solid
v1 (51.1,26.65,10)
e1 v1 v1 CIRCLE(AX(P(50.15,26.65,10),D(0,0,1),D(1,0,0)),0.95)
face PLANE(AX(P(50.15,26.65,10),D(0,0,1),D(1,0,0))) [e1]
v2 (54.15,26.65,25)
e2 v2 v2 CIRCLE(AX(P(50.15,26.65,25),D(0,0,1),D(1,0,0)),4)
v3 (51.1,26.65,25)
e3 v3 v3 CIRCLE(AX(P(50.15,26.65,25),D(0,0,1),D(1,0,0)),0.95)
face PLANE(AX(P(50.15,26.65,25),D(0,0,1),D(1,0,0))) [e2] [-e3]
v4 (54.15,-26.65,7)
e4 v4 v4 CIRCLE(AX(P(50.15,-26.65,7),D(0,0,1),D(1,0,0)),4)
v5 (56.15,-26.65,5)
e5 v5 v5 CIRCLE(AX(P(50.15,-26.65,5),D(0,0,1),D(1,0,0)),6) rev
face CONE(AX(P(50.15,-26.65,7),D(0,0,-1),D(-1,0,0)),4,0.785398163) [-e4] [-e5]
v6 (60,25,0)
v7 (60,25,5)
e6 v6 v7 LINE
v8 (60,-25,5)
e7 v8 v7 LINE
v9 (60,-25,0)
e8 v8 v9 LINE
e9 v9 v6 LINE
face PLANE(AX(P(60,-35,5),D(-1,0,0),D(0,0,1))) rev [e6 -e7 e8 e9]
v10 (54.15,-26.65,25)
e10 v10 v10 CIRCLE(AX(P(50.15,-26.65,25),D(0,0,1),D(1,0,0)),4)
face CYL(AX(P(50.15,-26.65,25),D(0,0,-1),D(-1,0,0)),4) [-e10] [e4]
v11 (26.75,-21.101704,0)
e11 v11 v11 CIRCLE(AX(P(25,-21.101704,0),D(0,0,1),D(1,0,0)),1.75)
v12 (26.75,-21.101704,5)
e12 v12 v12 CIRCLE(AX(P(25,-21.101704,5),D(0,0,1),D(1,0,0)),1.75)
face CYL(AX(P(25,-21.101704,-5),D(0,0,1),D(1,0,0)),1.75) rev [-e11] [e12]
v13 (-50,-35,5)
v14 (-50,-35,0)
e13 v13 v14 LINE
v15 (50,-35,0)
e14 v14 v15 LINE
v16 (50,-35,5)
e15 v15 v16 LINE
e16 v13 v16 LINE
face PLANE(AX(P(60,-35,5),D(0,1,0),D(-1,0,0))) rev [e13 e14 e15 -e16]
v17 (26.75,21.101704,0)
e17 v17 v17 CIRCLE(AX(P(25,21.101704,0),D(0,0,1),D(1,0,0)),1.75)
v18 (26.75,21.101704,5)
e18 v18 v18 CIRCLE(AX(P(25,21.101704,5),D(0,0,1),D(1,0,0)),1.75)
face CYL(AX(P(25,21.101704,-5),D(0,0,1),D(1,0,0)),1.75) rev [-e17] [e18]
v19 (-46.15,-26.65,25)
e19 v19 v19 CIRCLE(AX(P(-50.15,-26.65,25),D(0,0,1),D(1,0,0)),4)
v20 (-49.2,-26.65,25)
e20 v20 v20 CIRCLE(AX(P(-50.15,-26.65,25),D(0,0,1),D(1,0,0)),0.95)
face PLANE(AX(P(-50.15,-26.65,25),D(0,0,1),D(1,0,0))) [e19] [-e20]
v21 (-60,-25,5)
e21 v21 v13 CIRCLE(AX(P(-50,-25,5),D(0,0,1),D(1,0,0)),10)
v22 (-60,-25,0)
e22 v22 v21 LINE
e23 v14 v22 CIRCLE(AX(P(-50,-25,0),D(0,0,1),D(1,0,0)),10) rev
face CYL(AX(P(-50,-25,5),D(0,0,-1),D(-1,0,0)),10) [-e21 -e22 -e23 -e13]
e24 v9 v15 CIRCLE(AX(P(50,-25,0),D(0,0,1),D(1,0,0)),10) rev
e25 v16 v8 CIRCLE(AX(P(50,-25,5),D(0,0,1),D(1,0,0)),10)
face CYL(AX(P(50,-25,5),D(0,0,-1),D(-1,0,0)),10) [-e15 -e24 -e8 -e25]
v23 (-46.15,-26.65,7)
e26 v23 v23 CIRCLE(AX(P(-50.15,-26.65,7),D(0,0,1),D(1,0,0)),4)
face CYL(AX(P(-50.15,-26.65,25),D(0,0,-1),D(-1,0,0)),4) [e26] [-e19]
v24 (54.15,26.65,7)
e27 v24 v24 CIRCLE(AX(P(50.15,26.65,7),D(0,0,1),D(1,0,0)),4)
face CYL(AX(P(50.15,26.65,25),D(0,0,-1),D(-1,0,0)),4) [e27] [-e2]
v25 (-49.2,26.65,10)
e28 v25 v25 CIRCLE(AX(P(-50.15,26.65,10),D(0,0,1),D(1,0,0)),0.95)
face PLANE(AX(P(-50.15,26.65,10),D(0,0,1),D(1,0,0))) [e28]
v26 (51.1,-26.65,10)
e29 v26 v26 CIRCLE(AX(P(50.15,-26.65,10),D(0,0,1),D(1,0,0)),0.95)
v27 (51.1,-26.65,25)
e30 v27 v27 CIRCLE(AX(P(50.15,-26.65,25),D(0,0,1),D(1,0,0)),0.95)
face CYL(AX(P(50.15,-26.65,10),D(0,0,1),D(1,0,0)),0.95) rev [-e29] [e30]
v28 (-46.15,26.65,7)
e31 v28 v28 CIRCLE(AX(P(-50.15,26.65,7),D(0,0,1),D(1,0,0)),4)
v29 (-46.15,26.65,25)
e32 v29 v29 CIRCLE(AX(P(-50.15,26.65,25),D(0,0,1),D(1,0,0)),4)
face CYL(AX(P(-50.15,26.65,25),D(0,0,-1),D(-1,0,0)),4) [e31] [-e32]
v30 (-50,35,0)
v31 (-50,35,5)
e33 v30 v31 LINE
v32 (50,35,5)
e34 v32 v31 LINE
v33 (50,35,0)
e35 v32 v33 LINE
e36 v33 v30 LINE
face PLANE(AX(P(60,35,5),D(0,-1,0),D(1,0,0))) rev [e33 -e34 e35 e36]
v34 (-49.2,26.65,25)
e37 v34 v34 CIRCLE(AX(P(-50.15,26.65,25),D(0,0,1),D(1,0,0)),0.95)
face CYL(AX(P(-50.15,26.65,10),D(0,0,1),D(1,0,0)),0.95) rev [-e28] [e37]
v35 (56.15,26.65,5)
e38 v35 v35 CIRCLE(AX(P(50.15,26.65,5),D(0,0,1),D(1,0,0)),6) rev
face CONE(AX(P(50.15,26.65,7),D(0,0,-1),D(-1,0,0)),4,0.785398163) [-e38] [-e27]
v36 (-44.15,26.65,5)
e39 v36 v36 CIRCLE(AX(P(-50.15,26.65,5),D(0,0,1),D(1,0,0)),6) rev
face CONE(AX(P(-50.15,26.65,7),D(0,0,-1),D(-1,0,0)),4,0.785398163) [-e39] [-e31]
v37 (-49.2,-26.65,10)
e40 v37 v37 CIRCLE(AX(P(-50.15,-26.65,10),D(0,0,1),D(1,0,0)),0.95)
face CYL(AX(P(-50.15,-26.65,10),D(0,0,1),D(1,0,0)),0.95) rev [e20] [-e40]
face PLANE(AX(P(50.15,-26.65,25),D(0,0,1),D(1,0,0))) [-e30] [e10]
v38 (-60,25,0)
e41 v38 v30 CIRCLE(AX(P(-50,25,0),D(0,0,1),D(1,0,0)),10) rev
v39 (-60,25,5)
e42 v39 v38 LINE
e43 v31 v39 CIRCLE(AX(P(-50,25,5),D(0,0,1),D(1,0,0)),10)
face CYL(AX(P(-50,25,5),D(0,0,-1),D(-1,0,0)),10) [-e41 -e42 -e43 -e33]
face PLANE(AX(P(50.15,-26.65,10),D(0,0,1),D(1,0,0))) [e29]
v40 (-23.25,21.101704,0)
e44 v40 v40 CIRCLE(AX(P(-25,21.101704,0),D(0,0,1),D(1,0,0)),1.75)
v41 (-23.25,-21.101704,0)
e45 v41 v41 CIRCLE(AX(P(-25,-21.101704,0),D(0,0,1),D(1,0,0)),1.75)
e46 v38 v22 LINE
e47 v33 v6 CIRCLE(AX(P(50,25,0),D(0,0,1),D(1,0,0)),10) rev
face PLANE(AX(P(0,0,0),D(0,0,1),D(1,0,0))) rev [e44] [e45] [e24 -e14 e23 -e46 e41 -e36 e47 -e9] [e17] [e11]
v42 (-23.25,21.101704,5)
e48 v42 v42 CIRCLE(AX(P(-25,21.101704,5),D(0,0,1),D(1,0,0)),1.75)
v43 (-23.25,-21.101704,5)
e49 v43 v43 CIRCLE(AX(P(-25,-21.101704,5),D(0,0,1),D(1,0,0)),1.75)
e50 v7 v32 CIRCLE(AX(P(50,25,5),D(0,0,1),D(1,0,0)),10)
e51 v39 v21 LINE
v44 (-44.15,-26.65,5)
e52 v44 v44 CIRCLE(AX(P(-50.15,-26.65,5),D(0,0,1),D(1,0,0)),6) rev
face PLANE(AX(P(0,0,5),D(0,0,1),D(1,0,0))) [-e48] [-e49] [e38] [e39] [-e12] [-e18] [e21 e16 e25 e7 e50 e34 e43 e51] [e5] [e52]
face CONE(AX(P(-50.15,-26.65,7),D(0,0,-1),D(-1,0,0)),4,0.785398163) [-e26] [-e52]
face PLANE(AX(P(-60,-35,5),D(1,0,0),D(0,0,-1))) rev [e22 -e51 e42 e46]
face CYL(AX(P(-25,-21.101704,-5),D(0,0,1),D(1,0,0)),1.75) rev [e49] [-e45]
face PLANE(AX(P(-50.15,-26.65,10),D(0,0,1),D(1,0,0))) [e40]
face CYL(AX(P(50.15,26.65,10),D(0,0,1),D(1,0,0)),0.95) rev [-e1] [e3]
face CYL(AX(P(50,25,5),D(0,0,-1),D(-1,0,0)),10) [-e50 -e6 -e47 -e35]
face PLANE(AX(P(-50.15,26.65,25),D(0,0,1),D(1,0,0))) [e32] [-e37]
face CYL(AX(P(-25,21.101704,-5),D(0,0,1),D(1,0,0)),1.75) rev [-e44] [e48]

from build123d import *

# Parameters (mm, degrees)
SCHIZZO1_W                   = 120
SCHIZZO1_H                   = 70
ESTRUSIONE_ESTRUSIONE1_DEPTH = 5
SCHIZZO2_R                   = 4
ESTRUSIONE_ESTRUSIONE2_DEPTH = 20
SMUSSO1_SIZE                 = 2
SCHIZZO3_R                   = 0.95
TAGLIO_ESTRUSIONE1_DEPTH     = 15
RACCORDO1_R                  = 10
SCHIZZO4_R                   = 1.75
TAGLIO_ESTRUSIONE2_DEPTH     = 10


with BuildPart() as part:
    # Schizzo1 → Estrusione-Estrusione1 (new body)
    with BuildSketch(Plane.XY):
        Rectangle(SCHIZZO1_W, SCHIZZO1_H)
    extrude(amount=ESTRUSIONE_ESTRUSIONE1_DEPTH)

    # Schizzo2 → Estrusione-Estrusione2 (add)
    with BuildSketch(Plane.XY.offset(5)):
        with Locations((-50.15, 26.65)):
            Circle(SCHIZZO2_R)
        with Locations((50.15, -26.65)):
            Circle(SCHIZZO2_R)
        with Locations((50.15, 26.65)):
            Circle(SCHIZZO2_R)
        with Locations((-50.15, -26.65)):
            Circle(SCHIZZO2_R)
    extrude(amount=ESTRUSIONE_ESTRUSIONE2_DEPTH)

    # Smusso1
    smusso1_edges = [part.edges().sort_by_distance(p)[0] for p in [
        (-54.15, 26.65, 5),
        (46.15, -26.65, 5),
        (46.15, 26.65, 5),
        (-54.15, -26.65, 5),
    ]]
    chamfer(smusso1_edges, length=SMUSSO1_SIZE)

    # Schizzo3 → Taglio-Estrusione1 (cut)
    with BuildSketch(Plane.XY.offset(25)):
        with Locations((-50.15, 26.65)):
            Circle(SCHIZZO3_R)
        with Locations((50.15, 26.65)):
            Circle(SCHIZZO3_R)
        with Locations((50.15, -26.65)):
            Circle(SCHIZZO3_R)
        with Locations((-50.15, -26.65)):
            Circle(SCHIZZO3_R)
    extrude(amount=-TAGLIO_ESTRUSIONE1_DEPTH, mode=Mode.SUBTRACT)

    # Raccordo1
    raccordo1_edges = [part.edges().sort_by_distance(p)[0] for p in [
        (-60, 35, 2.5),
        (60, 35, 2.5),
        (60, -35, 2.5),
        (-60, -35, 2.5),
    ]]
    fillet(raccordo1_edges, radius=RACCORDO1_R)

    # Schizzo4 → Taglio-Estrusione2 (cut)
    with BuildSketch(Plane.XY.offset(5)):
        with Locations((-25, 21.101703565)):
            Circle(SCHIZZO4_R)
        with Locations((25, 21.101703565)):
            Circle(SCHIZZO4_R)
        with Locations((25, -21.101703565)):
            Circle(SCHIZZO4_R)
        with Locations((-25, -21.101703565)):
            Circle(SCHIZZO4_R)
    extrude(amount=-TAGLIO_ESTRUSIONE2_DEPTH, mode=Mode.SUBTRACT)


solid = part.part
